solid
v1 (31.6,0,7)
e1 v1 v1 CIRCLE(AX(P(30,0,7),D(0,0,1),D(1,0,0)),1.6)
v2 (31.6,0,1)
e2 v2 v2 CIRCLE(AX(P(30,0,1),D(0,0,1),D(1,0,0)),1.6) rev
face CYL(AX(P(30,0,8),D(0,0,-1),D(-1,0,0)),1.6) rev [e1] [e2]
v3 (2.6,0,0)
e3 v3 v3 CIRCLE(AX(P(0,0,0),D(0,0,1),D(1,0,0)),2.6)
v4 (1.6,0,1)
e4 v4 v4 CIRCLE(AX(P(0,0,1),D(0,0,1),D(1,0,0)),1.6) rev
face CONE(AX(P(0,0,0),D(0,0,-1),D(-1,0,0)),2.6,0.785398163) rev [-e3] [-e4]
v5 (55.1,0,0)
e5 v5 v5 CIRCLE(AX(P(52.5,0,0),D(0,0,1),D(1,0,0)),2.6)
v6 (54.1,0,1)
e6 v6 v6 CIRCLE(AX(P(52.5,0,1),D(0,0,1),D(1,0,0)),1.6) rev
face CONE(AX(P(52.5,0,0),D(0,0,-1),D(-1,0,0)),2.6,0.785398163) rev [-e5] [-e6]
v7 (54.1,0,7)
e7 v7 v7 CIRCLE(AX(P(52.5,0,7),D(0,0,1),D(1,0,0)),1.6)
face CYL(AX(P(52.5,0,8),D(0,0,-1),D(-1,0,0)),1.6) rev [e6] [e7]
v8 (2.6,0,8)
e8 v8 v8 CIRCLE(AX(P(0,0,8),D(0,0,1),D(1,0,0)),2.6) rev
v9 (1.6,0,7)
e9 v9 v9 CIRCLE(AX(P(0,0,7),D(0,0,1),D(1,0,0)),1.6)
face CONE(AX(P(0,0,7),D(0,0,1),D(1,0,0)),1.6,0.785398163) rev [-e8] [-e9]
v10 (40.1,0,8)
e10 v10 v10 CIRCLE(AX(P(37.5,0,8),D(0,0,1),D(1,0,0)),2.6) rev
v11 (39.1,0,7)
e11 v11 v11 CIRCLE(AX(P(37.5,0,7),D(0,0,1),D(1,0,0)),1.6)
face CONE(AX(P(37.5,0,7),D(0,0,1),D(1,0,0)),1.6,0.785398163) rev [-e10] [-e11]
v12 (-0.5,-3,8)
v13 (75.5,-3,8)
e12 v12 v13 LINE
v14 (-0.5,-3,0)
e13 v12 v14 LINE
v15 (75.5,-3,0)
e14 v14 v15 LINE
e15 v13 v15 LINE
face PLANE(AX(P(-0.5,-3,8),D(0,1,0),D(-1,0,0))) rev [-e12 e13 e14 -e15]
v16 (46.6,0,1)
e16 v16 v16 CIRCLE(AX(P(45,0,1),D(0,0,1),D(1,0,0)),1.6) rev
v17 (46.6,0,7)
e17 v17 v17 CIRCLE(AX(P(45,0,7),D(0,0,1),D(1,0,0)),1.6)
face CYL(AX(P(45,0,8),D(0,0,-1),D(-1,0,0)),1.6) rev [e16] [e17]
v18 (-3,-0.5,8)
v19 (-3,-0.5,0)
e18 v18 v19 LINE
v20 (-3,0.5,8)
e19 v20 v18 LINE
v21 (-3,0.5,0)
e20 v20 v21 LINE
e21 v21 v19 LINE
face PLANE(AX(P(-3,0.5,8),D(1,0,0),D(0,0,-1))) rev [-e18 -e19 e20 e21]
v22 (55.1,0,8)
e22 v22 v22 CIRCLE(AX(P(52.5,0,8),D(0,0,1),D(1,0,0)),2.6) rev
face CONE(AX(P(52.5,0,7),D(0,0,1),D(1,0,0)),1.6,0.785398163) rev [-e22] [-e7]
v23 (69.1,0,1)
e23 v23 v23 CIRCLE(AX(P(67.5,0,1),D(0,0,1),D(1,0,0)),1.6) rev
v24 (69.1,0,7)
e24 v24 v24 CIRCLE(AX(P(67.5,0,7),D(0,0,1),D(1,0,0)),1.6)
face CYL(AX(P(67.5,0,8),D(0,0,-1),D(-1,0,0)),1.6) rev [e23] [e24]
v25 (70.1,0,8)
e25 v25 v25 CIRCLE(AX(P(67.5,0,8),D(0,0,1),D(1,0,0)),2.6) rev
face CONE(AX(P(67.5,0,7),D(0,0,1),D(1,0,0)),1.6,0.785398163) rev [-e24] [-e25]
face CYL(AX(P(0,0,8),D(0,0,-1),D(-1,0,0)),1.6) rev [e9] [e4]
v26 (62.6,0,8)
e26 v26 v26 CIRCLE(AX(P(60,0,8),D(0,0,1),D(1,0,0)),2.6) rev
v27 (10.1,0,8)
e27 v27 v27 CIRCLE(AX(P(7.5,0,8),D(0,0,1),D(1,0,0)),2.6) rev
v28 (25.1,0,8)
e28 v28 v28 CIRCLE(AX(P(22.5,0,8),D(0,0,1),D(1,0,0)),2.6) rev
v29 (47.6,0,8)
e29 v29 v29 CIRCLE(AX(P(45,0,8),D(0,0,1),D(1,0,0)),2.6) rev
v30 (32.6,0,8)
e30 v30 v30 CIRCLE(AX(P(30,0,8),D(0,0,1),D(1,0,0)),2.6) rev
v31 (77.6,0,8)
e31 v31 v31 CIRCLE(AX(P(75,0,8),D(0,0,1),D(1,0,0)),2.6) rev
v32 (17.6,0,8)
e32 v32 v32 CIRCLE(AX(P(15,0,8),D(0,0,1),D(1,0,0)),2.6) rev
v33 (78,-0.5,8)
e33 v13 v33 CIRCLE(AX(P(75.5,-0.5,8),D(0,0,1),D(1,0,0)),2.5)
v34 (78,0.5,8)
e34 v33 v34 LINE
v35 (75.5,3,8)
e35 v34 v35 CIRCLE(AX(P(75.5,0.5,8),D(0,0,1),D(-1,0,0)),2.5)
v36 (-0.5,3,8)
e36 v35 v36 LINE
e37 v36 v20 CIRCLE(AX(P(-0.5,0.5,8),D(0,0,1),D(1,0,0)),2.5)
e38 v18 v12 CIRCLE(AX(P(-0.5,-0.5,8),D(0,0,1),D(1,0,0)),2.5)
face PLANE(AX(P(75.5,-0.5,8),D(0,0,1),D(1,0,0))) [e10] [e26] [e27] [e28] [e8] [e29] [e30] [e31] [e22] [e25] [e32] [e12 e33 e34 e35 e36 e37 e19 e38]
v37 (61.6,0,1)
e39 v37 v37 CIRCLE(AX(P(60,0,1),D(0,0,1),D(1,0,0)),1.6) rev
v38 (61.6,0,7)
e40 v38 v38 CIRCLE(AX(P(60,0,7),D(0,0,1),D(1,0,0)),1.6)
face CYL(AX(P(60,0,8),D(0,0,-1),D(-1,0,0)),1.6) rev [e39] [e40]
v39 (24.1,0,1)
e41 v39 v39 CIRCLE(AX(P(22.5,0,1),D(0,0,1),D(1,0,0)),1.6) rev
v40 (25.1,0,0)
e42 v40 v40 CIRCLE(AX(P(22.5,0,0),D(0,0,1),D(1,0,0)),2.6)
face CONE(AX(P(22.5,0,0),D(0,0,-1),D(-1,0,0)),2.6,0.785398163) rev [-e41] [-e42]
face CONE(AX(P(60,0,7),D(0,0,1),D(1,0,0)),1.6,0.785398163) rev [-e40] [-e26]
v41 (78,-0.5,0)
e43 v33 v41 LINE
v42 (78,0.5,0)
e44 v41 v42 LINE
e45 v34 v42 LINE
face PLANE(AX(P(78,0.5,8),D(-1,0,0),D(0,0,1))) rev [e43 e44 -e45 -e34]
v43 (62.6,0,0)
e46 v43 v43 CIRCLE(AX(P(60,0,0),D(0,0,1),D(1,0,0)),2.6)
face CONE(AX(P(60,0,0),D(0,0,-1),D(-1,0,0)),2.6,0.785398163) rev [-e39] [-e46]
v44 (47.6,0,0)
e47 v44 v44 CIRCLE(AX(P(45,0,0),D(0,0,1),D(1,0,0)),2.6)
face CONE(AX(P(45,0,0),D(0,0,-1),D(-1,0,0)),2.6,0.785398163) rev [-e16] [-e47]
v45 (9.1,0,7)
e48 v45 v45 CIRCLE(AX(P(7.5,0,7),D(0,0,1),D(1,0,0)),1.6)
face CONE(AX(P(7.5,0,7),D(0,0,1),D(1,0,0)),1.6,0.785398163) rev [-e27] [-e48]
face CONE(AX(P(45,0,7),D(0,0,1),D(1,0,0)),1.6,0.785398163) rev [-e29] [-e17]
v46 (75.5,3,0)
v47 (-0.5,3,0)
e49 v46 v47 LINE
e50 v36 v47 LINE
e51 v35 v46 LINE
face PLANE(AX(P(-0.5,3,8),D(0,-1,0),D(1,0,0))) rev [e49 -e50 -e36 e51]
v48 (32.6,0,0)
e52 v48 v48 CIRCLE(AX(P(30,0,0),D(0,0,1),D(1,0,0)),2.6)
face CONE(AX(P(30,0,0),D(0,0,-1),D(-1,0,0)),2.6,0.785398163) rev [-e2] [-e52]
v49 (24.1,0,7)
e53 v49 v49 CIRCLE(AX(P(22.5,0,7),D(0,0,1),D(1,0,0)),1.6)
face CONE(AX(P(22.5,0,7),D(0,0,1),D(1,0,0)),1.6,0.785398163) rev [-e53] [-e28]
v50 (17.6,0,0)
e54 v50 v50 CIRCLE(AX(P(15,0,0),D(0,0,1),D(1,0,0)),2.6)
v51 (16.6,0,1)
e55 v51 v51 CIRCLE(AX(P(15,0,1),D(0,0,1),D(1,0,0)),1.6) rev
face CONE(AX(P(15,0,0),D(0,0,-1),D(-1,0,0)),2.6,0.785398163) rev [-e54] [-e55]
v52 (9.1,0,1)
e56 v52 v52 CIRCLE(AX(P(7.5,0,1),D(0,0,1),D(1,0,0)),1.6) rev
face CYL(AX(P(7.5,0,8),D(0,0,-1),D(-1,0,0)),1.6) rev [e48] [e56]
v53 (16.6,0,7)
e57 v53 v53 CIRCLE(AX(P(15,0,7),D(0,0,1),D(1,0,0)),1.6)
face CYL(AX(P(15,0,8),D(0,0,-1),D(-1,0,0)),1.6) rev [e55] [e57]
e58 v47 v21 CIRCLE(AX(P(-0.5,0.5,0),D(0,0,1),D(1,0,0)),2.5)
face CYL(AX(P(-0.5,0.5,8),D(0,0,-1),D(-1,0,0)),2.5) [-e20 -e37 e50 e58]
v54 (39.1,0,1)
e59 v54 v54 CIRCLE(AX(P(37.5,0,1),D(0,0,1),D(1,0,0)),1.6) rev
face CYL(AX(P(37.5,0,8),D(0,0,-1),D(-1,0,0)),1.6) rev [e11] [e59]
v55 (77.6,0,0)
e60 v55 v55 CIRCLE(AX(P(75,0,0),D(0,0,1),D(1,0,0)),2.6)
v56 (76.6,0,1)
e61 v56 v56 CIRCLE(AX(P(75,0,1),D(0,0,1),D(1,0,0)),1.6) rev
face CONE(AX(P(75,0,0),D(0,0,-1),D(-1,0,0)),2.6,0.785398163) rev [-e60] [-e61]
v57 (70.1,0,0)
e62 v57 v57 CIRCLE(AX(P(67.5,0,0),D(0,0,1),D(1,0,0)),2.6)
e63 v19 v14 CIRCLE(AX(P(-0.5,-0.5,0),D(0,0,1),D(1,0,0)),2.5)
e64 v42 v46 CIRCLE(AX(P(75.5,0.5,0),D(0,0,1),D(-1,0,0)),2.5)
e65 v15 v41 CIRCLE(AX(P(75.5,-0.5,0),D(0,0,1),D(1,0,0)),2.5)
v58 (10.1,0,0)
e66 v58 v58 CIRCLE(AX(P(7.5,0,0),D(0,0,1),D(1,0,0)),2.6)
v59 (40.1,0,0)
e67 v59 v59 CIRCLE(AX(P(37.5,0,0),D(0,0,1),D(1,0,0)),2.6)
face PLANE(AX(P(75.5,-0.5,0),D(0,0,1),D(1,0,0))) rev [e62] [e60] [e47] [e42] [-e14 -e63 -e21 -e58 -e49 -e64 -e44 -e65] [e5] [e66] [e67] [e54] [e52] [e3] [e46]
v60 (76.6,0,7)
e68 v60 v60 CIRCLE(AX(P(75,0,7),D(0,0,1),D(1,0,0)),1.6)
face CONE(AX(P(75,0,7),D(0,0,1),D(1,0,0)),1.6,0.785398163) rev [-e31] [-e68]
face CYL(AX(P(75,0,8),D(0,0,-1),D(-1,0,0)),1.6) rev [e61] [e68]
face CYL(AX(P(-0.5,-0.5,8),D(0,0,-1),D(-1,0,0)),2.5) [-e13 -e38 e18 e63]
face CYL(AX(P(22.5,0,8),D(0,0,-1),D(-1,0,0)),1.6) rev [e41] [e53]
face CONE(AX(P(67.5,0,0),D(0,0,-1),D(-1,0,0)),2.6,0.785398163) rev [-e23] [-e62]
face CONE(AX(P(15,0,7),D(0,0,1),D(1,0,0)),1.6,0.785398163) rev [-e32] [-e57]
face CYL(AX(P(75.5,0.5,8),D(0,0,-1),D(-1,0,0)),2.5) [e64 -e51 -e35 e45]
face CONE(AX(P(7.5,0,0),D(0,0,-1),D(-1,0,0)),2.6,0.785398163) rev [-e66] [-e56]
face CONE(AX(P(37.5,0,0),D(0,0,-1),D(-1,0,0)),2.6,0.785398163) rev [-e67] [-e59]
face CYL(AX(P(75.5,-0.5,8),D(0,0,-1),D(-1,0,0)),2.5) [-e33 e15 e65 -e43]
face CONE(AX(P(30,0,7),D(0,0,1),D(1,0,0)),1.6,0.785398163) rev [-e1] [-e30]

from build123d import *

# Parameters (mm, degrees)
SKETCH1_R           = 1.6
BOSS_EXTRUDE1_DEPTH = 8
CHAMFER1_SIZE       = 1


with BuildPart() as part:
    # Sketch1 → Boss-Extrude1 (new body)
    with BuildSketch(Plane.XY):
        with BuildLine():
            Line((-0.5, 3), (75.5, 3))
            ThreePointArc((75.5, 3), (77.267766953, 2.267766953), (78, 0.5))
            Line((78, 0.5), (78, -0.5))
            ThreePointArc((78, -0.5), (77.267766953, -2.267766953), (75.5, -3))
            Line((75.5, -3), (-0.5, -3))
            ThreePointArc((-0.5, -3), (-2.267766953, -2.267766953), (-3, -0.5))
            Line((-3, -0.5), (-3, 0.5))
            ThreePointArc((-3, 0.5), (-2.267766953, 2.267766953), (-0.5, 3))
        make_face()
        Circle(SKETCH1_R, mode=Mode.SUBTRACT)
        with Locations((7.5, 0)):
            Circle(SKETCH1_R, mode=Mode.SUBTRACT)
        with Locations((15, 0)):
            Circle(SKETCH1_R, mode=Mode.SUBTRACT)
        with Locations((22.5, 0)):
            Circle(SKETCH1_R, mode=Mode.SUBTRACT)
        with Locations((30, 0)):
            Circle(SKETCH1_R, mode=Mode.SUBTRACT)
        with Locations((37.5, 0)):
            Circle(SKETCH1_R, mode=Mode.SUBTRACT)
        with Locations((45, 0)):
            Circle(SKETCH1_R, mode=Mode.SUBTRACT)
        with Locations((52.5, 0)):
            Circle(SKETCH1_R, mode=Mode.SUBTRACT)
        with Locations((60, 0)):
            Circle(SKETCH1_R, mode=Mode.SUBTRACT)
        with Locations((67.5, 0)):
            Circle(SKETCH1_R, mode=Mode.SUBTRACT)
        with Locations((75, 0)):
            Circle(SKETCH1_R, mode=Mode.SUBTRACT)
    extrude(amount=BOSS_EXTRUDE1_DEPTH)

    # Chamfer1
    chamfer1_edges = [part.edges().sort_by_distance(p)[0] for p in [
        (-1.6, 0, 0),
        (-1.6, 0, 8),
        (5.9, 0, 0),
        (5.9, 0, 8),
        (13.4, 0, 0),
        (13.4, 0, 8),
        (20.9, 0, 0),
        (20.9, 0, 8),
        (28.4, 0, 0),
        (28.4, 0, 8),
        (35.9, 0, 0),
        (35.9, 0, 8),
        (43.4, 0, 0),
        (43.4, 0, 8),
        (50.9, 0, 0),
        (50.9, 0, 8),
        (58.4, 0, 0),
        (58.4, 0, 8),
        (65.9, 0, 0),
        (65.9, 0, 8),
        (73.4, 0, 0),
        (73.4, 0, 8),
    ]]
    chamfer(chamfer1_edges, length=CHAMFER1_SIZE)


solid = part.part
